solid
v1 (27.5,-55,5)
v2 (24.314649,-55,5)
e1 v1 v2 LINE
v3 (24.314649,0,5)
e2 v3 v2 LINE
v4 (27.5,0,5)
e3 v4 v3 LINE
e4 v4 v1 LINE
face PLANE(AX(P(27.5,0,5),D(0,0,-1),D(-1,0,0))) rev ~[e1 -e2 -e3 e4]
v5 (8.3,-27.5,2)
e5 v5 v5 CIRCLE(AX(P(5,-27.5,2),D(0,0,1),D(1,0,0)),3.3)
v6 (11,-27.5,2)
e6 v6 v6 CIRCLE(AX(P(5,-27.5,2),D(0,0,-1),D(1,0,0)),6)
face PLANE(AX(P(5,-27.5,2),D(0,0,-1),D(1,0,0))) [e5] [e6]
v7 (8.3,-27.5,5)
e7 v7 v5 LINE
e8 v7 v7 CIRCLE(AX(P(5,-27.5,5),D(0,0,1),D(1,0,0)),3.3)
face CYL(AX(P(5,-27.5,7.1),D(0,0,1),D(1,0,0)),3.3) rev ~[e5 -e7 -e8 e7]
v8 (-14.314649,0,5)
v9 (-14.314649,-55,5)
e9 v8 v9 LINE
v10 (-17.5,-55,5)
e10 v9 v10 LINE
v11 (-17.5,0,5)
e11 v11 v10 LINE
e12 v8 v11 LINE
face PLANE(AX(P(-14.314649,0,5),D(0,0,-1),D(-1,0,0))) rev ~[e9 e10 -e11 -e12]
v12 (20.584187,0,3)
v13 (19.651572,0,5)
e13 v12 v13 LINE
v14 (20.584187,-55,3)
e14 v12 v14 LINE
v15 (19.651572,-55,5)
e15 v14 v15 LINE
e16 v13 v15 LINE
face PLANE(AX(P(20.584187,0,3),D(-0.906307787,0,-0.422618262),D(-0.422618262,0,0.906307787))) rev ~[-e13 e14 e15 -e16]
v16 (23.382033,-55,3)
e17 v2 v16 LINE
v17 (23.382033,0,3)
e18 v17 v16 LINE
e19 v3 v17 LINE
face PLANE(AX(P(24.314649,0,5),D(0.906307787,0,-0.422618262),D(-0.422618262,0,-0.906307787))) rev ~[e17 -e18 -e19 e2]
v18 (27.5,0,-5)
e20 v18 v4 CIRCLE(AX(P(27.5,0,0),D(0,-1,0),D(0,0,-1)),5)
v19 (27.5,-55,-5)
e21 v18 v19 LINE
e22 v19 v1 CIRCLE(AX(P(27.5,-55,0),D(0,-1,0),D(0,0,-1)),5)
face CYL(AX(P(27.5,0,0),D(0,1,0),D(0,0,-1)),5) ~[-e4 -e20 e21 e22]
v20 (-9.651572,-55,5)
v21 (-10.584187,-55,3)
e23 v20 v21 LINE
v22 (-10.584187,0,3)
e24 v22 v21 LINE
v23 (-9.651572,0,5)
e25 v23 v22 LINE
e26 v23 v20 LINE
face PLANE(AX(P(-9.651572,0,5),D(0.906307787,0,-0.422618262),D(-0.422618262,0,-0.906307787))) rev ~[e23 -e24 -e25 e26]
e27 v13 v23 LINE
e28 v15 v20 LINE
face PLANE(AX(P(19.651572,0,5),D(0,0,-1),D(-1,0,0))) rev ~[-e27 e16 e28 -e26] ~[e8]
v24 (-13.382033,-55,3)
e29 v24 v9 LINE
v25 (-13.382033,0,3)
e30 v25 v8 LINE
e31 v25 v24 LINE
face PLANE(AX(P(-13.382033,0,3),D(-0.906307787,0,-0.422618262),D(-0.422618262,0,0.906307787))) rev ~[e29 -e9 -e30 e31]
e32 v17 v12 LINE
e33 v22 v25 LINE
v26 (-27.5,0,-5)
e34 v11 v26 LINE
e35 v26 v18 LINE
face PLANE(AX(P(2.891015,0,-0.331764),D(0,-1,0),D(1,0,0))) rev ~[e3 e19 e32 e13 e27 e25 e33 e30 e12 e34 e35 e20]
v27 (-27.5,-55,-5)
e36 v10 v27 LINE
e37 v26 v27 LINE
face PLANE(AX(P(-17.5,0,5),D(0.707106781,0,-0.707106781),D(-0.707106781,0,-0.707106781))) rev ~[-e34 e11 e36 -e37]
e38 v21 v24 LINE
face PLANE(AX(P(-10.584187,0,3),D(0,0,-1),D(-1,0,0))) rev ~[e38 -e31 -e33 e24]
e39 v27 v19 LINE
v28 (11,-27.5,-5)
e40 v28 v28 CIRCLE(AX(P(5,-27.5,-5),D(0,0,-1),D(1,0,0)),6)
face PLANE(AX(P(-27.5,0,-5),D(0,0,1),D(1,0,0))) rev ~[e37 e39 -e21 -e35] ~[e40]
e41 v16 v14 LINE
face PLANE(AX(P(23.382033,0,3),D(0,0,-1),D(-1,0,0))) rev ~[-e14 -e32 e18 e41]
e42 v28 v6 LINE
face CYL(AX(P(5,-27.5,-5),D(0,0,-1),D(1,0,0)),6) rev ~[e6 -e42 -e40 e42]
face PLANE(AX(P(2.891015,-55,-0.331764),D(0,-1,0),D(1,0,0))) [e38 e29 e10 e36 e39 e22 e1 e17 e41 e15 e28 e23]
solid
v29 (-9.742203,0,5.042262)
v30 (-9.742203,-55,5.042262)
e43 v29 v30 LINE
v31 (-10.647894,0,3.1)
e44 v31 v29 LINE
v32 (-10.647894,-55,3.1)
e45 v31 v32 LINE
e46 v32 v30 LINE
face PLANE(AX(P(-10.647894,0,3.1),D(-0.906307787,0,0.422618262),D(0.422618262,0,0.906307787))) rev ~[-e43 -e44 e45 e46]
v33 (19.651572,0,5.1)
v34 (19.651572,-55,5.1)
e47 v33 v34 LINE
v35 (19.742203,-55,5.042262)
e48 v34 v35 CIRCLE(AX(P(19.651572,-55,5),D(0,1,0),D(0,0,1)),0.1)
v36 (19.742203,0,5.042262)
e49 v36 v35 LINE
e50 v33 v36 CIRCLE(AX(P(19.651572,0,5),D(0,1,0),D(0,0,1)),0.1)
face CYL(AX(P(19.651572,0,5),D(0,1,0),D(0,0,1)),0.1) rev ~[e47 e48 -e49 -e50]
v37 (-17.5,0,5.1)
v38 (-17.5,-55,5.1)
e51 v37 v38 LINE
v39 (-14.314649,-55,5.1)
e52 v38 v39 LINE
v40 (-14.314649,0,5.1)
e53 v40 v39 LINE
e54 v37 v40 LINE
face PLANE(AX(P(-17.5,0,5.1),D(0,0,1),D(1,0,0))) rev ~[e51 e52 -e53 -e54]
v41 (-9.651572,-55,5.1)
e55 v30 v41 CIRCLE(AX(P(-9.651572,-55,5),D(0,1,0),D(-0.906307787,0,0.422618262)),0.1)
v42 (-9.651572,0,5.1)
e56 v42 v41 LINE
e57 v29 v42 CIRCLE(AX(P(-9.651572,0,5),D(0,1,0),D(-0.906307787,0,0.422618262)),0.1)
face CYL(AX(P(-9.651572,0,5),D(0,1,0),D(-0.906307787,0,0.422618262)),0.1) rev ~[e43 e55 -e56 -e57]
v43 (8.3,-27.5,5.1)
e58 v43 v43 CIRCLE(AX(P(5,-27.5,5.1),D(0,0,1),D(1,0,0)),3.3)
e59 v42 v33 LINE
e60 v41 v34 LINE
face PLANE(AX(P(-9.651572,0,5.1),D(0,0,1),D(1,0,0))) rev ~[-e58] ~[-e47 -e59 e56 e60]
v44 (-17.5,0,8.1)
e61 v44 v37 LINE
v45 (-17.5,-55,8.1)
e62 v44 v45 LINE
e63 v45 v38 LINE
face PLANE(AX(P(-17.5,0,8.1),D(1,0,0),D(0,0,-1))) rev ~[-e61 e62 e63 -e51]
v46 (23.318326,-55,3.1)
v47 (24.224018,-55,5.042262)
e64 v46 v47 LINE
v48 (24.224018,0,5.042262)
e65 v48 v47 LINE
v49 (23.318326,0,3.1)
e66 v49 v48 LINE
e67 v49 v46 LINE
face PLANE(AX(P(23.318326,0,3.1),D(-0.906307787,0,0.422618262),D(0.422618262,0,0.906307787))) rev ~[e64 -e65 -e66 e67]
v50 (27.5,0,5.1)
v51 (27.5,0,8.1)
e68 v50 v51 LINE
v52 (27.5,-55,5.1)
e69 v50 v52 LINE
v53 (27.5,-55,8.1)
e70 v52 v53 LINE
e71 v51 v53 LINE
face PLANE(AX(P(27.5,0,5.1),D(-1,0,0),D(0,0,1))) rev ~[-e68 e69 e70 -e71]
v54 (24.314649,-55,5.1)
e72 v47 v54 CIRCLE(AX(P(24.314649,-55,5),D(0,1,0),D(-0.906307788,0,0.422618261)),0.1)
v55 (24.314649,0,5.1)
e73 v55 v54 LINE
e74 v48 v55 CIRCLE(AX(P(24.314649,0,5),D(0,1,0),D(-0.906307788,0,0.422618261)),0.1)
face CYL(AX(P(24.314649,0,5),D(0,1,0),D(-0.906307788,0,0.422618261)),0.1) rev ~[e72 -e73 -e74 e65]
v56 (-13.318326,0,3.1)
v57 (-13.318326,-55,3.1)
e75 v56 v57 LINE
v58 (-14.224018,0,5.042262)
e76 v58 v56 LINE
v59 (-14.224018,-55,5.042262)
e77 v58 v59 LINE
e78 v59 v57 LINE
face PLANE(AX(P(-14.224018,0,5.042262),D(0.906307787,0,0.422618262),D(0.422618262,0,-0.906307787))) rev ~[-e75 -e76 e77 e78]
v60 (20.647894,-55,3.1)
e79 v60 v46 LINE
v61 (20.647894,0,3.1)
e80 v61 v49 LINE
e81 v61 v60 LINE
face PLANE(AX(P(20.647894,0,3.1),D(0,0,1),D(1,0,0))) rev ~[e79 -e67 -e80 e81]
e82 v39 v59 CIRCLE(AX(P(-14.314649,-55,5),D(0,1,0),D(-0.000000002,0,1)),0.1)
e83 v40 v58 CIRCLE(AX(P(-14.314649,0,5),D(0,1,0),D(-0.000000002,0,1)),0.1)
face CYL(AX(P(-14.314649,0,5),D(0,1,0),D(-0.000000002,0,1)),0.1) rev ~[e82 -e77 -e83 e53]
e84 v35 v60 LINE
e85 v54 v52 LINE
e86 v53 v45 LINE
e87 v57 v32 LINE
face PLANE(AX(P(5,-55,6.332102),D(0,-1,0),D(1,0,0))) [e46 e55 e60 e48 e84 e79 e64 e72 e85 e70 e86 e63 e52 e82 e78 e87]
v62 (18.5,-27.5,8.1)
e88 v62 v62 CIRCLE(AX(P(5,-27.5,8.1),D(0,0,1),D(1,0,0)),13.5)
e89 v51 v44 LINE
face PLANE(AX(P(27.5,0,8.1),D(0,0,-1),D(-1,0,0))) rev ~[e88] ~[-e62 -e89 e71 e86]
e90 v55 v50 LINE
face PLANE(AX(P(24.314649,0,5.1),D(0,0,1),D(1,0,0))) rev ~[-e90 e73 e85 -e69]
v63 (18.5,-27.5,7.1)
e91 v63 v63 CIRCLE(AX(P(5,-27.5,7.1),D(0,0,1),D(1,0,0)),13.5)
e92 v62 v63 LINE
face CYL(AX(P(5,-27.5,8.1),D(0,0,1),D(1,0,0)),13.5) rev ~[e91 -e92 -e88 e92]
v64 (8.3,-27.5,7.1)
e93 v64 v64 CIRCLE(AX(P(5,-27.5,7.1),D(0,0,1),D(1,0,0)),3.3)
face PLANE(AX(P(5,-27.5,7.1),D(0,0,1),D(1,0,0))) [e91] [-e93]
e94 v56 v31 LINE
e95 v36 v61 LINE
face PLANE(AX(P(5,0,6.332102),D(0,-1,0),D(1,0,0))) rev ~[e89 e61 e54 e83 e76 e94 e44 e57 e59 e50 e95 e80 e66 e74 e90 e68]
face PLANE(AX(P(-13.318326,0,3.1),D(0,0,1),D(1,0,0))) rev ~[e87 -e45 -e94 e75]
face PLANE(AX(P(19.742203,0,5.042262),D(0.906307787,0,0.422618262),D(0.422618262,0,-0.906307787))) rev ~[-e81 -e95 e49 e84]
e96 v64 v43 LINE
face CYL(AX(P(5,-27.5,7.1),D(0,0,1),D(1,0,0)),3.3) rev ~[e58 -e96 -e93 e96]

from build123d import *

# Parameters (mm, degrees)
F1_DEPTH  = 55
F3_DEPTH  = 55
F4_R      = 13.5
F5_DEPTH  = 1
F6_R      = 3.3
F7_DEPTH  = 12.101
F8_R      = 3.3
F9_DEPTH  = 25
F10_R     = 6
F11_DEPTH = 7


with BuildPart() as f1:
    # F0 (on Front) → F1 (new body)
    with BuildSketch(Plane.XZ):
        with BuildLine():
            Line((-27.5, -5), (27.5, -5))
            ThreePointArc((27.5, -5), (32.5, 0), (27.5, 5))
            Line((27.5, 5), (24.314648696, 5))
            Line((24.314648696, 5), (23.3820333797, 3))
            Line((23.3820333797, 3), (20.5841874307, 3))
            Line((20.5841874307, 3), (19.6515721144, 5))
            Line((19.6515721144, 5), (-9.6515721144, 5))
            Line((-9.6515721144, 5), (-10.5841874307, 3))
            Line((-10.5841874307, 3), (-13.3820333797, 3))
            Line((-13.3820333797, 3), (-14.314648696, 5))
            Line((-14.314648696, 5), (-17.5, 5))
            Line((-17.5, 5), (-27.5, -5))
        make_face()
    extrude(amount=F1_DEPTH)


with BuildPart() as f3:
    # F2 (on Front) → F3 (new body)
    with BuildSketch(Plane.XZ):
        with BuildLine():
            Line((23.3183263536, 3.1), (24.2240179173, 5.0422618262))
            ThreePointArc((24.2240179173, 5.0422618262), (24.2609187351, 5.0843391446), (24.314648696, 5.1))
            Line((24.314648696, 5.1), (27.5, 5.1))
            Line((27.5, 5.1), (27.5, 8.1))
            Line((27.5, 8.1), (-17.5, 8.1))
            Line((-17.5, 8.1), (-17.5, 5.1))
            Line((-17.5, 5.1), (-14.314648696, 5.1))
            ThreePointArc((-14.314648696, 5.1), (-14.2609187351, 5.0843391446), (-14.2240179173, 5.0422618262))
            Line((-14.2240179173, 5.0422618262), (-13.3183263536, 3.1))
            Line((-13.3183263536, 3.1), (-10.6478944568, 3.1))
            Line((-10.6478944568, 3.1), (-9.7422028931, 5.0422618262))
            ThreePointArc((-9.7422028931, 5.0422618262), (-9.7053020752, 5.0843391446), (-9.6515721144, 5.1))
            Line((-9.6515721144, 5.1), (19.6515721144, 5.1))
            ThreePointArc((19.6515721144, 5.1), (19.7053020752, 5.0843391446), (19.7422028931, 5.0422618262))
            Line((19.7422028931, 5.0422618262), (20.6478944568, 3.1))
            Line((20.6478944568, 3.1), (23.3183263536, 3.1))
        make_face()
    extrude(amount=F3_DEPTH)

    # F4 (on face) → F5 (cut)
    with BuildSketch(Plane.XY.offset(8.1)):
        with Locations((5, -27.5)):
            Circle(F4_R)
    extrude(amount=-F5_DEPTH, mode=Mode.SUBTRACT)


with BuildPart() as f7_tool:
    # F6 (on face) → F7 (new body, through all)
    with BuildSketch(Plane.XY.offset(7.1)):
        with Locations((5, -27.5)):
            Circle(F6_R)
    extrude(amount=-F7_DEPTH)


with BuildPart() as f1_1:
    add(f1.part)

    # F7: cut by f7_tool
    add(f7_tool.part, mode=Mode.SUBTRACT)

    # F8 (on face) → F9 (cut)
    with BuildSketch(Plane.XY.offset(5)):
        with Locations((5, -27.5)):
            Circle(F8_R)
    extrude(amount=-F9_DEPTH, mode=Mode.SUBTRACT)

    # F10 (on face) → F11 (cut)
    with BuildSketch(Plane(origin=(0, 0, -5), x_dir=(1, 0, 0), z_dir=(0, 0, -1))):
        with Locations((5, 27.5)):
            Circle(F10_R)
    extrude(amount=-F11_DEPTH, mode=Mode.SUBTRACT)


with BuildPart() as f3_1:
    add(f3.part)

    # F7: cut by f7_tool
    add(f7_tool.part, mode=Mode.SUBTRACT)


solid = Compound([f1_1.part, f3_1.part])
